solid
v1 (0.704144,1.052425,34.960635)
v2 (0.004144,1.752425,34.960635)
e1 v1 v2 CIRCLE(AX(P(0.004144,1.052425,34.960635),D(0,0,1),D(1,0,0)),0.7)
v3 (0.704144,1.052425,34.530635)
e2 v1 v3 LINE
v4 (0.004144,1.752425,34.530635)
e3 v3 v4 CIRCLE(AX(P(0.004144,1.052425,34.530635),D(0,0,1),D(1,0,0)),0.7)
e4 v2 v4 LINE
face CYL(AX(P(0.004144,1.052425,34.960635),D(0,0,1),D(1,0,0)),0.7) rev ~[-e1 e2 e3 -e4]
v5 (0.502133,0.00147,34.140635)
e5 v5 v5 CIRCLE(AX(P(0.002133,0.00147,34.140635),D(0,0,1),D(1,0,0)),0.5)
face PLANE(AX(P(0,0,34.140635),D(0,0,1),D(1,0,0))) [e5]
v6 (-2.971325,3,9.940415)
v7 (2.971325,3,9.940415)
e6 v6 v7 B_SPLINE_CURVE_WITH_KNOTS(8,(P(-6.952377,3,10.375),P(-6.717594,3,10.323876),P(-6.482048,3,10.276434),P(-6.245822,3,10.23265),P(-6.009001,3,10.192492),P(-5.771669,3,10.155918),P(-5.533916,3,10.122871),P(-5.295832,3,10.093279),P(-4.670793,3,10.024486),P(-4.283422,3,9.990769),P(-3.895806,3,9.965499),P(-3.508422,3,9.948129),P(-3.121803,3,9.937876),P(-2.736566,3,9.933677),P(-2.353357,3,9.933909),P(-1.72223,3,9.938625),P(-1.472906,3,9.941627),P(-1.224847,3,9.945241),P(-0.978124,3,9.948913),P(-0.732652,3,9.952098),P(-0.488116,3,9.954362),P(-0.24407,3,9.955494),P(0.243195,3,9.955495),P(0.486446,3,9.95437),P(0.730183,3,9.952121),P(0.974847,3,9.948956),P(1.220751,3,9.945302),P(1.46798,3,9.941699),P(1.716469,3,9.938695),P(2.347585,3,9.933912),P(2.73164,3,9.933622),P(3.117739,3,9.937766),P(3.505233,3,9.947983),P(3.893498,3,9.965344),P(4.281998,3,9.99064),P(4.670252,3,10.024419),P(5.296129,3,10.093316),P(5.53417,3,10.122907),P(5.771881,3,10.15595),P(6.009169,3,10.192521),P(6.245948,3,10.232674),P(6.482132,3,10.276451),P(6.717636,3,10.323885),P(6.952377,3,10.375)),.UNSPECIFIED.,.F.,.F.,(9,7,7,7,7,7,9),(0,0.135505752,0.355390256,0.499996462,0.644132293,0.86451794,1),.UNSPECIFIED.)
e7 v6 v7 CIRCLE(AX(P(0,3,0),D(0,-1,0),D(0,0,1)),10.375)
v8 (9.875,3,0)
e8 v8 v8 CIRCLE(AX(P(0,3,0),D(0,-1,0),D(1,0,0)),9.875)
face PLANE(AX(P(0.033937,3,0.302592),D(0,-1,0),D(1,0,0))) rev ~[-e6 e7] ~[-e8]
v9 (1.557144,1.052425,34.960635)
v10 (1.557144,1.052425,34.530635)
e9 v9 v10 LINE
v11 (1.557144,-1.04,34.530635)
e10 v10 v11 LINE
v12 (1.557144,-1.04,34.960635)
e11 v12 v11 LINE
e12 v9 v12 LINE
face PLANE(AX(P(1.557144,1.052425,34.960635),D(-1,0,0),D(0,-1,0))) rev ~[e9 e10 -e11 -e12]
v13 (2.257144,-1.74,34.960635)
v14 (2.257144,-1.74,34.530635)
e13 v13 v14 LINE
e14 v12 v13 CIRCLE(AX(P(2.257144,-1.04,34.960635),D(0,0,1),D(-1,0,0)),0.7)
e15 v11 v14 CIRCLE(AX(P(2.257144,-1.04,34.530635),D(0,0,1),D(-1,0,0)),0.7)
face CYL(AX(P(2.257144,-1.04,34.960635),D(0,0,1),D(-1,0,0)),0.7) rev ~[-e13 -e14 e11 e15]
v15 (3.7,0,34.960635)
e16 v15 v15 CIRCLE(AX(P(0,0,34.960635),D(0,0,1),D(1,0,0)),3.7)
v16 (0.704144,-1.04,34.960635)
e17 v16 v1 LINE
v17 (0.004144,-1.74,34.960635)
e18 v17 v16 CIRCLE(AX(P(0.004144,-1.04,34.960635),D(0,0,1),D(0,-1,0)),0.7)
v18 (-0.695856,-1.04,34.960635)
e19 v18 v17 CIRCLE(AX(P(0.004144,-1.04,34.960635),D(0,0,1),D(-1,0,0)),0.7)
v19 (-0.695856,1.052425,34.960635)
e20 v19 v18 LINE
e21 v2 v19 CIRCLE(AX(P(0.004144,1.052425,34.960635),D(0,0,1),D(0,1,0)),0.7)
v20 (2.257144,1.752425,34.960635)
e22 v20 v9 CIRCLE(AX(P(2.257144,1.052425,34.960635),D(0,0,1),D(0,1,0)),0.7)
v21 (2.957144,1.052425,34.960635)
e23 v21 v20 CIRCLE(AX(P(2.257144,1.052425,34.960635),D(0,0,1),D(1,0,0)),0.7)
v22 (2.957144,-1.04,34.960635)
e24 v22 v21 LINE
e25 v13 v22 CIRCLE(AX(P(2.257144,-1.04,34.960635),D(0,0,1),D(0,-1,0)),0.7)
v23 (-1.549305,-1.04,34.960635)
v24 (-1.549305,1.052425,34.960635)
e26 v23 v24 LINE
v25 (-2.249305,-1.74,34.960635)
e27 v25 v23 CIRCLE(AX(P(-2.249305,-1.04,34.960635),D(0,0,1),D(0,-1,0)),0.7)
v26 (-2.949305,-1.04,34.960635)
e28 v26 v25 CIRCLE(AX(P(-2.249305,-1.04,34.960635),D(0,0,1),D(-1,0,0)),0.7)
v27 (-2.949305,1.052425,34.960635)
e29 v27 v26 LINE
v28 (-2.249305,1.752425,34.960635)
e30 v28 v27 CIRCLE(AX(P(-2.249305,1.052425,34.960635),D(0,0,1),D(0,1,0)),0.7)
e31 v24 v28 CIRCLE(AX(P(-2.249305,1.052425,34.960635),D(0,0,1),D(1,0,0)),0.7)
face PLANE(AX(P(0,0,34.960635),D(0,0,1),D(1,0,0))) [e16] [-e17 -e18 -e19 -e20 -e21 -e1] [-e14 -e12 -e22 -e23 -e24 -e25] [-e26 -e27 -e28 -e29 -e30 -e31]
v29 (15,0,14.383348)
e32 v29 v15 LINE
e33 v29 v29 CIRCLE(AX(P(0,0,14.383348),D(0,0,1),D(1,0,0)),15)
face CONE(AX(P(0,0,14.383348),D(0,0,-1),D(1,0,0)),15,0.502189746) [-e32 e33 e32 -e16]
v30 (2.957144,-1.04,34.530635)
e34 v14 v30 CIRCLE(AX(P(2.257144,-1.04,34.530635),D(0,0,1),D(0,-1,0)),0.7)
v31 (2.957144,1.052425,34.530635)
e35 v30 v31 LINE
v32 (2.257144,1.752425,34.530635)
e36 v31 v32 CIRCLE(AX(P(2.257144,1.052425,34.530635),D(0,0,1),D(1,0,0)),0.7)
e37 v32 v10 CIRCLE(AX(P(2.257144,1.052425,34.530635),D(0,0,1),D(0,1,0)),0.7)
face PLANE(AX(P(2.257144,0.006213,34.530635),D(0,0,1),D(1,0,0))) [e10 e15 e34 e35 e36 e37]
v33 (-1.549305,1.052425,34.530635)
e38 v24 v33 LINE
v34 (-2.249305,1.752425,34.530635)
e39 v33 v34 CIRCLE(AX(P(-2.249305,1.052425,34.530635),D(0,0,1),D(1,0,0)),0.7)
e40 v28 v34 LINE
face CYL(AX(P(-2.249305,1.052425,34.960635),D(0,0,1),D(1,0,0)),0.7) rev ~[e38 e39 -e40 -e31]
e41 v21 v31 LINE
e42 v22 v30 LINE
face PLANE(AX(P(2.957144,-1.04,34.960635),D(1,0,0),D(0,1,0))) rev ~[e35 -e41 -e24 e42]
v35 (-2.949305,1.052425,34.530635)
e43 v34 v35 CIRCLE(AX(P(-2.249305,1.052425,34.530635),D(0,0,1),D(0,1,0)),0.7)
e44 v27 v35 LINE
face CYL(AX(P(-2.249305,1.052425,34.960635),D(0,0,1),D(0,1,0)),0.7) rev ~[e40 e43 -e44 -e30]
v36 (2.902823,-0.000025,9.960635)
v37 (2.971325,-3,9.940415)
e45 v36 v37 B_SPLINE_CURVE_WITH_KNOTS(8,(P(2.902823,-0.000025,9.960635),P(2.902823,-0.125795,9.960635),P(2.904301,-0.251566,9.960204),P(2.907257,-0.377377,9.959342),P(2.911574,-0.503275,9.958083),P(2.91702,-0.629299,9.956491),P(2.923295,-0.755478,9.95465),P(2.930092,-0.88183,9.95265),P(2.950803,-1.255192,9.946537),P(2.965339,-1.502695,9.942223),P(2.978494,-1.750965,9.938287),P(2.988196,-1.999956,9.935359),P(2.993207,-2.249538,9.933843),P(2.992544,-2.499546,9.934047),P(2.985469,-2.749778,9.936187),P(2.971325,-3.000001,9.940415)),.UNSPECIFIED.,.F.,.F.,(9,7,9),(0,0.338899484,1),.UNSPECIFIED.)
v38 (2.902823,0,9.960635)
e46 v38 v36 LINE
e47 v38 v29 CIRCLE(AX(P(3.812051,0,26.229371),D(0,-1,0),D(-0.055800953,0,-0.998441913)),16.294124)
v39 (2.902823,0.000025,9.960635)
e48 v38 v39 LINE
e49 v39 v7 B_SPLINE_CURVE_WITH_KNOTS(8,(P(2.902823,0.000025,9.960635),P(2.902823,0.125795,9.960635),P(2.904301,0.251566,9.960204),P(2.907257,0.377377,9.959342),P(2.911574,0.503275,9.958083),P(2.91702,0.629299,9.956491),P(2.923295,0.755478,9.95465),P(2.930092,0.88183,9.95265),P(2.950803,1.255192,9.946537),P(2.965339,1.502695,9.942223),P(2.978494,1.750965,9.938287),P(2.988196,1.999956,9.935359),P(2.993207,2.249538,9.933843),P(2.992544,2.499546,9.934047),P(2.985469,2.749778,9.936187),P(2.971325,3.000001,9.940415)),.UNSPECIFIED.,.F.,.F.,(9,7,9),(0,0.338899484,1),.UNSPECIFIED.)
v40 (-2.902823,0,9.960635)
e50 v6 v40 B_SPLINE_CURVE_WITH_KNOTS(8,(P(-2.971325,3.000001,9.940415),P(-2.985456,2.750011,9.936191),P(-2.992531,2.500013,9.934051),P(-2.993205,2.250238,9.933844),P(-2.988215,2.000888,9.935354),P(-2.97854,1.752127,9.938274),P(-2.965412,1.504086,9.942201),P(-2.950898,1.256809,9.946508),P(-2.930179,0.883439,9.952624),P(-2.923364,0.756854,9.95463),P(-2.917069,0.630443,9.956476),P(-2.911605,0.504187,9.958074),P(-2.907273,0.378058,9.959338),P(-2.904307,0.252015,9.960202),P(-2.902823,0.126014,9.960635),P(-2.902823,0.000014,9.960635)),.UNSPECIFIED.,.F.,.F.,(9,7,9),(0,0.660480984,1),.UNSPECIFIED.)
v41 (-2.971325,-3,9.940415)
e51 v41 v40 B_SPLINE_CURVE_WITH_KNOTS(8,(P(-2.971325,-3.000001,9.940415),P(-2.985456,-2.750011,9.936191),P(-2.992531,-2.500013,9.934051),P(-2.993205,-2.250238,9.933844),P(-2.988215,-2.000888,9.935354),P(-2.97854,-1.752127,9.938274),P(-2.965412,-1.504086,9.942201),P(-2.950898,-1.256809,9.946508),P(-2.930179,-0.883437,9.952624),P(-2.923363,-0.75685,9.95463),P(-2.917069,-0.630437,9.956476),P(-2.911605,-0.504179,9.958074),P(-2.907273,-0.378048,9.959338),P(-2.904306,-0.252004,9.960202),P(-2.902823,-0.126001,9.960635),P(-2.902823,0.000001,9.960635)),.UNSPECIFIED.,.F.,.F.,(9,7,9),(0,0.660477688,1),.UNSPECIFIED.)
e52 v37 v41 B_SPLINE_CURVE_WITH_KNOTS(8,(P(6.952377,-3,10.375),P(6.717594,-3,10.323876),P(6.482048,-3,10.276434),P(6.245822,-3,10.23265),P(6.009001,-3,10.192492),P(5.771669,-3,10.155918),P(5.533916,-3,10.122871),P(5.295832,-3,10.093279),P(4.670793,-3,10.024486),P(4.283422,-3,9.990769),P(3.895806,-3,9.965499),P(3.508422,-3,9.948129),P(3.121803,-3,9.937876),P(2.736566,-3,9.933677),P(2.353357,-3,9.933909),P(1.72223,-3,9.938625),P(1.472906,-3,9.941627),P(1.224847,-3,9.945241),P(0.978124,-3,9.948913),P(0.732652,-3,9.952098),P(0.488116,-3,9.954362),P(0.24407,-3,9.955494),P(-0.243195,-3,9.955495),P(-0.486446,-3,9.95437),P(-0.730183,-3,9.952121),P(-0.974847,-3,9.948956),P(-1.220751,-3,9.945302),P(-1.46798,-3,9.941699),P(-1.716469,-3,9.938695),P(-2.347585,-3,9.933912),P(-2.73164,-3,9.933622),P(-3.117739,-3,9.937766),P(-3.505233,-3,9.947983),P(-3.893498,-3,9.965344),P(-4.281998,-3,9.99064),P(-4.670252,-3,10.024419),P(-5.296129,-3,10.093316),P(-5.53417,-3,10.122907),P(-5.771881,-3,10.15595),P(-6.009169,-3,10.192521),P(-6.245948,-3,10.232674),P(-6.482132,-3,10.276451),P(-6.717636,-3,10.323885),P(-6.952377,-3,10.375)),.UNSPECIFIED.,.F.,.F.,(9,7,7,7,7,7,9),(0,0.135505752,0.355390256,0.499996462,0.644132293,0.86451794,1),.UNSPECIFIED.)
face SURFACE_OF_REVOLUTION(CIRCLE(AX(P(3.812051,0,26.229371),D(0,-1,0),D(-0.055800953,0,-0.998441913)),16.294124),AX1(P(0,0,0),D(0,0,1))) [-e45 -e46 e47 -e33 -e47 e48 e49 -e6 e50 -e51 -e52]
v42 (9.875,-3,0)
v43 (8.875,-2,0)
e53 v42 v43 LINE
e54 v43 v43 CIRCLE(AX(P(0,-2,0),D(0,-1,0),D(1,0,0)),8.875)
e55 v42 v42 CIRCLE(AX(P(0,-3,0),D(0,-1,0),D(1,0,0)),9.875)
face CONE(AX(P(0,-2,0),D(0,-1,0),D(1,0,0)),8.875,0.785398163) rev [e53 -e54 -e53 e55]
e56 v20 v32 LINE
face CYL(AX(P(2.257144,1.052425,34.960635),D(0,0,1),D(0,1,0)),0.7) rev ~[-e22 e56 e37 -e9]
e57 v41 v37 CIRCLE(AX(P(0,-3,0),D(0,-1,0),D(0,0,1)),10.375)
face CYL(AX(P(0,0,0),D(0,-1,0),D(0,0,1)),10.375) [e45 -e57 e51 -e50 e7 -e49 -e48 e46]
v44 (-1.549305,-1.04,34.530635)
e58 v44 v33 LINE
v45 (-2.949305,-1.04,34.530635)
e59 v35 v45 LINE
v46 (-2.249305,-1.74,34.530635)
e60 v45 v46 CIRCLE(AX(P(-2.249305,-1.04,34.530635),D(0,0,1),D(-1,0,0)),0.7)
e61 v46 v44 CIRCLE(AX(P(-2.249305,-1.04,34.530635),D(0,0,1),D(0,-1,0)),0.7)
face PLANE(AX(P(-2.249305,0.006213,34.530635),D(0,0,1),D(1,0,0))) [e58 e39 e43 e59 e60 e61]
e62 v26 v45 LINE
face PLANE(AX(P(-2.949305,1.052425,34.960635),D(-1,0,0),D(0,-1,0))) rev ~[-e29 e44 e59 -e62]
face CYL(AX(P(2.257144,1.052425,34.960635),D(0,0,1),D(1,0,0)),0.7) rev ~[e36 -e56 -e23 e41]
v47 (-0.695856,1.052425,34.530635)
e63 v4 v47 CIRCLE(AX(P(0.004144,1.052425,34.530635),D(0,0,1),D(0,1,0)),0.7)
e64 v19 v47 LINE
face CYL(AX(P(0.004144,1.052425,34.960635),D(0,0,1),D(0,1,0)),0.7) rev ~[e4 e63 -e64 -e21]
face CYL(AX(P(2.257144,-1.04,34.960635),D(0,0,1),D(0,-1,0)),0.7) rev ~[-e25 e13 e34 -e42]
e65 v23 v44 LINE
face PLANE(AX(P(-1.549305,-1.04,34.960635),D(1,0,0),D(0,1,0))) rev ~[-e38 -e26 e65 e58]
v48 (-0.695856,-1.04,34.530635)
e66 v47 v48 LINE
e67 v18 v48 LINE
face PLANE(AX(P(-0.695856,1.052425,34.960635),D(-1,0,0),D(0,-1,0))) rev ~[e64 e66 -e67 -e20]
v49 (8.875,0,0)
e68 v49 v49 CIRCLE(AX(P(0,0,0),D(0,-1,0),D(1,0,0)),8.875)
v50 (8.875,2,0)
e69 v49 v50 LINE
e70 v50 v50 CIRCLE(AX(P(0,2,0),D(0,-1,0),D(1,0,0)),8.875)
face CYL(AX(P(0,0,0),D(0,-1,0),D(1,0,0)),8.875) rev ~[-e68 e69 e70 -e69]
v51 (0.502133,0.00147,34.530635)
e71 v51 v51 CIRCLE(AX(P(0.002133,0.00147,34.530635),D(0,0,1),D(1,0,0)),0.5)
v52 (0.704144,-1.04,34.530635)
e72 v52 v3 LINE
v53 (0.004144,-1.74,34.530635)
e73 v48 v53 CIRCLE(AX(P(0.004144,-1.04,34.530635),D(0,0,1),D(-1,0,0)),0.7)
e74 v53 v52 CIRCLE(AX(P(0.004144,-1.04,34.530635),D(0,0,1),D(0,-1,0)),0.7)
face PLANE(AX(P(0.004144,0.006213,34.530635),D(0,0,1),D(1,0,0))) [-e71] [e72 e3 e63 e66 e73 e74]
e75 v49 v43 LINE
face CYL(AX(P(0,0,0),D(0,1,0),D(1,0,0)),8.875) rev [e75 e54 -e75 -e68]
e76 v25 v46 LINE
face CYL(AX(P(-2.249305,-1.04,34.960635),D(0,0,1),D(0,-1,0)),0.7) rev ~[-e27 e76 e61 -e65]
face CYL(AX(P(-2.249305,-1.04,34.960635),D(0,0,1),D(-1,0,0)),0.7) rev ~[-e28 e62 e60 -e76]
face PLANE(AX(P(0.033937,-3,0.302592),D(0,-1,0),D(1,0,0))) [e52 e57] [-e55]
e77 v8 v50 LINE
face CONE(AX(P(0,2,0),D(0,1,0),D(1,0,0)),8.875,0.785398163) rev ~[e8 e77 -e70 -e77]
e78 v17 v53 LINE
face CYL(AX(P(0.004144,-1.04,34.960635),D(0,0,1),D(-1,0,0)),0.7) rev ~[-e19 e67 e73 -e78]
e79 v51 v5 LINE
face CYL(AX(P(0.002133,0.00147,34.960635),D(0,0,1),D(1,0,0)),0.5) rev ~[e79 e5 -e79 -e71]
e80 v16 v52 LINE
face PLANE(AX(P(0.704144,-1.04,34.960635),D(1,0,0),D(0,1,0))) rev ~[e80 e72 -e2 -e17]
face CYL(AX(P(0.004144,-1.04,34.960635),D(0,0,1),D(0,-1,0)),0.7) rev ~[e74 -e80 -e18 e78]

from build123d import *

# Parameters (mm, degrees)
F0_R          = 8.875
F3_DEPTH      = 3
F3_DEPTH_BACK = 3
F4_SIZE       = 1
F5_R          = 0.5
F6_DEPTH      = 0.43
F7_DEPTH      = 0.82


with BuildPart() as f2:
    # F0 (on Front) → F2 (revolve)
    with BuildSketch(Plane.XZ):
        with BuildLine():
            ThreePointArc((0, 10.375), (1.4661242569, 10.2708862647), (2.9028232275, 9.9606346339))
            ThreePointArc((2.9028232275, 9.9606346339), (9.4069705736, 10.9259285589), (15, 14.3833476682))
            Line((15, 14.3833476682), (3.7, 34.9606346339))
            Line((3.7, 34.9606346339), (0, 34.9606346339))
            Line((0, 34.9606346339), (0, 10.375))
        make_face()
    revolve(axis=Axis((0, 0, 0), (0, 0, 1)))

    # F0 (on Front) → F3 (join, two sides)
    with BuildSketch(Plane.XZ) as f3_sk:
        with BuildLine():
            ThreePointArc((0, 10.375), (-7.3362328548, -7.3362328548), (10.375, 0))
            ThreePointArc((10.375, 0), (8.2993197307, 6.2259069225), (2.9028232275, 9.9606346339))
            Line((2.9028232275, 9.9606346339), (0, 9.9606346339))
            Line((0, 9.9606346339), (0, 10.375))
        make_face()
        Circle(F0_R, mode=Mode.SUBTRACT)
        with BuildLine():
            Line((0, 9.9606346339), (2.9028232275, 9.9606346339))
            ThreePointArc((2.9028232275, 9.9606346339), (1.4661242569, 10.2708862647), (0, 10.375))
            Line((0, 10.375), (0, 9.9606346339))
        make_face()
    extrude(amount=F3_DEPTH)
    extrude(f3_sk.sketch, amount=-F3_DEPTH_BACK)

    # F4
    f4_edges = [f2.edges().sort_by_distance(p)[0] for p in [
        (-8.875, -3, 0),
        (-8.875, 3, 0),
    ]]
    chamfer(f4_edges, length=F4_SIZE)

    # F5 (on face) → F6 (cut)
    with BuildSketch(Plane.XY.offset(34.9606346339)):
        with BuildLine():
            ThreePointArc((0.0041443855, 1.7524251654), (-0.4908303614, 1.5473999123), (-0.6958556145, 1.0524251654))
            Line((-0.6958556145, 1.0524251654), (-0.6958556145, -1.0399995122))
            ThreePointArc((-0.6958556145, -1.0399995122), (-0.4908303614, -1.534974259), (0.0041443855, -1.7399995122))
            ThreePointArc((0.0041443855, -1.7399995122), (0.4991191323, -1.534974259), (0.7041443855, -1.0399995122))
            Line((0.7041443855, -1.0399995122), (0.7041443855, 1.0524251654))
            ThreePointArc((0.7041443855, 1.0524251654), (0.4991191323, 1.5473999123), (0.0041443855, 1.7524251654))
        make_face()
        with Locations((0.0021327037, 0.0014704808)):
            Circle(F5_R, mode=Mode.SUBTRACT)
        with BuildLine():
            ThreePointArc((-2.2493049037, 1.7524251654), (-2.7442796505, 1.5473999123), (-2.9493049037, 1.0524251654))
            Line((-2.9493049037, 1.0524251654), (-2.9493049037, -1.0399995122))
            ThreePointArc((-2.9493049037, -1.0399995122), (-2.7442796505, -1.534974259), (-2.2493049037, -1.7399995122))
            ThreePointArc((-2.2493049037, -1.7399995122), (-1.7543301568, -1.534974259), (-1.5493049037, -1.0399995122))
            Line((-1.5493049037, -1.0399995122), (-1.5493049037, 1.0524251654))
            ThreePointArc((-1.5493049037, 1.0524251654), (-1.7543301568, 1.5473999123), (-2.2493049037, 1.7524251654))
        make_face()
        with BuildLine():
            ThreePointArc((2.2571443855, 1.7524251654), (1.7621696386, 1.5473999123), (1.5571443855, 1.0524251654))
            Line((1.5571443855, 1.0524251654), (1.5571443855, -1.0399995122))
            ThreePointArc((1.5571443855, -1.0399995122), (1.7621696386, -1.534974259), (2.2571443855, -1.7399995122))
            ThreePointArc((2.2571443855, -1.7399995122), (2.7521191323, -1.534974259), (2.9571443855, -1.0399995122))
            Line((2.9571443855, -1.0399995122), (2.9571443855, 1.0524251654))
            ThreePointArc((2.9571443855, 1.0524251654), (2.7521191323, 1.5473999123), (2.2571443855, 1.7524251654))
        make_face()
    extrude(amount=-F6_DEPTH, mode=Mode.SUBTRACT)

    # F7 (cut): a face of the model
    f7_faces = [f2.faces().sort_by_distance(p)[0] for p in [
        (0.0021327037, 0.0014704808, 34.9606346339),
    ]]
    extrude(f7_faces, amount=-F7_DEPTH, mode=Mode.SUBTRACT)


solid = f2.part
